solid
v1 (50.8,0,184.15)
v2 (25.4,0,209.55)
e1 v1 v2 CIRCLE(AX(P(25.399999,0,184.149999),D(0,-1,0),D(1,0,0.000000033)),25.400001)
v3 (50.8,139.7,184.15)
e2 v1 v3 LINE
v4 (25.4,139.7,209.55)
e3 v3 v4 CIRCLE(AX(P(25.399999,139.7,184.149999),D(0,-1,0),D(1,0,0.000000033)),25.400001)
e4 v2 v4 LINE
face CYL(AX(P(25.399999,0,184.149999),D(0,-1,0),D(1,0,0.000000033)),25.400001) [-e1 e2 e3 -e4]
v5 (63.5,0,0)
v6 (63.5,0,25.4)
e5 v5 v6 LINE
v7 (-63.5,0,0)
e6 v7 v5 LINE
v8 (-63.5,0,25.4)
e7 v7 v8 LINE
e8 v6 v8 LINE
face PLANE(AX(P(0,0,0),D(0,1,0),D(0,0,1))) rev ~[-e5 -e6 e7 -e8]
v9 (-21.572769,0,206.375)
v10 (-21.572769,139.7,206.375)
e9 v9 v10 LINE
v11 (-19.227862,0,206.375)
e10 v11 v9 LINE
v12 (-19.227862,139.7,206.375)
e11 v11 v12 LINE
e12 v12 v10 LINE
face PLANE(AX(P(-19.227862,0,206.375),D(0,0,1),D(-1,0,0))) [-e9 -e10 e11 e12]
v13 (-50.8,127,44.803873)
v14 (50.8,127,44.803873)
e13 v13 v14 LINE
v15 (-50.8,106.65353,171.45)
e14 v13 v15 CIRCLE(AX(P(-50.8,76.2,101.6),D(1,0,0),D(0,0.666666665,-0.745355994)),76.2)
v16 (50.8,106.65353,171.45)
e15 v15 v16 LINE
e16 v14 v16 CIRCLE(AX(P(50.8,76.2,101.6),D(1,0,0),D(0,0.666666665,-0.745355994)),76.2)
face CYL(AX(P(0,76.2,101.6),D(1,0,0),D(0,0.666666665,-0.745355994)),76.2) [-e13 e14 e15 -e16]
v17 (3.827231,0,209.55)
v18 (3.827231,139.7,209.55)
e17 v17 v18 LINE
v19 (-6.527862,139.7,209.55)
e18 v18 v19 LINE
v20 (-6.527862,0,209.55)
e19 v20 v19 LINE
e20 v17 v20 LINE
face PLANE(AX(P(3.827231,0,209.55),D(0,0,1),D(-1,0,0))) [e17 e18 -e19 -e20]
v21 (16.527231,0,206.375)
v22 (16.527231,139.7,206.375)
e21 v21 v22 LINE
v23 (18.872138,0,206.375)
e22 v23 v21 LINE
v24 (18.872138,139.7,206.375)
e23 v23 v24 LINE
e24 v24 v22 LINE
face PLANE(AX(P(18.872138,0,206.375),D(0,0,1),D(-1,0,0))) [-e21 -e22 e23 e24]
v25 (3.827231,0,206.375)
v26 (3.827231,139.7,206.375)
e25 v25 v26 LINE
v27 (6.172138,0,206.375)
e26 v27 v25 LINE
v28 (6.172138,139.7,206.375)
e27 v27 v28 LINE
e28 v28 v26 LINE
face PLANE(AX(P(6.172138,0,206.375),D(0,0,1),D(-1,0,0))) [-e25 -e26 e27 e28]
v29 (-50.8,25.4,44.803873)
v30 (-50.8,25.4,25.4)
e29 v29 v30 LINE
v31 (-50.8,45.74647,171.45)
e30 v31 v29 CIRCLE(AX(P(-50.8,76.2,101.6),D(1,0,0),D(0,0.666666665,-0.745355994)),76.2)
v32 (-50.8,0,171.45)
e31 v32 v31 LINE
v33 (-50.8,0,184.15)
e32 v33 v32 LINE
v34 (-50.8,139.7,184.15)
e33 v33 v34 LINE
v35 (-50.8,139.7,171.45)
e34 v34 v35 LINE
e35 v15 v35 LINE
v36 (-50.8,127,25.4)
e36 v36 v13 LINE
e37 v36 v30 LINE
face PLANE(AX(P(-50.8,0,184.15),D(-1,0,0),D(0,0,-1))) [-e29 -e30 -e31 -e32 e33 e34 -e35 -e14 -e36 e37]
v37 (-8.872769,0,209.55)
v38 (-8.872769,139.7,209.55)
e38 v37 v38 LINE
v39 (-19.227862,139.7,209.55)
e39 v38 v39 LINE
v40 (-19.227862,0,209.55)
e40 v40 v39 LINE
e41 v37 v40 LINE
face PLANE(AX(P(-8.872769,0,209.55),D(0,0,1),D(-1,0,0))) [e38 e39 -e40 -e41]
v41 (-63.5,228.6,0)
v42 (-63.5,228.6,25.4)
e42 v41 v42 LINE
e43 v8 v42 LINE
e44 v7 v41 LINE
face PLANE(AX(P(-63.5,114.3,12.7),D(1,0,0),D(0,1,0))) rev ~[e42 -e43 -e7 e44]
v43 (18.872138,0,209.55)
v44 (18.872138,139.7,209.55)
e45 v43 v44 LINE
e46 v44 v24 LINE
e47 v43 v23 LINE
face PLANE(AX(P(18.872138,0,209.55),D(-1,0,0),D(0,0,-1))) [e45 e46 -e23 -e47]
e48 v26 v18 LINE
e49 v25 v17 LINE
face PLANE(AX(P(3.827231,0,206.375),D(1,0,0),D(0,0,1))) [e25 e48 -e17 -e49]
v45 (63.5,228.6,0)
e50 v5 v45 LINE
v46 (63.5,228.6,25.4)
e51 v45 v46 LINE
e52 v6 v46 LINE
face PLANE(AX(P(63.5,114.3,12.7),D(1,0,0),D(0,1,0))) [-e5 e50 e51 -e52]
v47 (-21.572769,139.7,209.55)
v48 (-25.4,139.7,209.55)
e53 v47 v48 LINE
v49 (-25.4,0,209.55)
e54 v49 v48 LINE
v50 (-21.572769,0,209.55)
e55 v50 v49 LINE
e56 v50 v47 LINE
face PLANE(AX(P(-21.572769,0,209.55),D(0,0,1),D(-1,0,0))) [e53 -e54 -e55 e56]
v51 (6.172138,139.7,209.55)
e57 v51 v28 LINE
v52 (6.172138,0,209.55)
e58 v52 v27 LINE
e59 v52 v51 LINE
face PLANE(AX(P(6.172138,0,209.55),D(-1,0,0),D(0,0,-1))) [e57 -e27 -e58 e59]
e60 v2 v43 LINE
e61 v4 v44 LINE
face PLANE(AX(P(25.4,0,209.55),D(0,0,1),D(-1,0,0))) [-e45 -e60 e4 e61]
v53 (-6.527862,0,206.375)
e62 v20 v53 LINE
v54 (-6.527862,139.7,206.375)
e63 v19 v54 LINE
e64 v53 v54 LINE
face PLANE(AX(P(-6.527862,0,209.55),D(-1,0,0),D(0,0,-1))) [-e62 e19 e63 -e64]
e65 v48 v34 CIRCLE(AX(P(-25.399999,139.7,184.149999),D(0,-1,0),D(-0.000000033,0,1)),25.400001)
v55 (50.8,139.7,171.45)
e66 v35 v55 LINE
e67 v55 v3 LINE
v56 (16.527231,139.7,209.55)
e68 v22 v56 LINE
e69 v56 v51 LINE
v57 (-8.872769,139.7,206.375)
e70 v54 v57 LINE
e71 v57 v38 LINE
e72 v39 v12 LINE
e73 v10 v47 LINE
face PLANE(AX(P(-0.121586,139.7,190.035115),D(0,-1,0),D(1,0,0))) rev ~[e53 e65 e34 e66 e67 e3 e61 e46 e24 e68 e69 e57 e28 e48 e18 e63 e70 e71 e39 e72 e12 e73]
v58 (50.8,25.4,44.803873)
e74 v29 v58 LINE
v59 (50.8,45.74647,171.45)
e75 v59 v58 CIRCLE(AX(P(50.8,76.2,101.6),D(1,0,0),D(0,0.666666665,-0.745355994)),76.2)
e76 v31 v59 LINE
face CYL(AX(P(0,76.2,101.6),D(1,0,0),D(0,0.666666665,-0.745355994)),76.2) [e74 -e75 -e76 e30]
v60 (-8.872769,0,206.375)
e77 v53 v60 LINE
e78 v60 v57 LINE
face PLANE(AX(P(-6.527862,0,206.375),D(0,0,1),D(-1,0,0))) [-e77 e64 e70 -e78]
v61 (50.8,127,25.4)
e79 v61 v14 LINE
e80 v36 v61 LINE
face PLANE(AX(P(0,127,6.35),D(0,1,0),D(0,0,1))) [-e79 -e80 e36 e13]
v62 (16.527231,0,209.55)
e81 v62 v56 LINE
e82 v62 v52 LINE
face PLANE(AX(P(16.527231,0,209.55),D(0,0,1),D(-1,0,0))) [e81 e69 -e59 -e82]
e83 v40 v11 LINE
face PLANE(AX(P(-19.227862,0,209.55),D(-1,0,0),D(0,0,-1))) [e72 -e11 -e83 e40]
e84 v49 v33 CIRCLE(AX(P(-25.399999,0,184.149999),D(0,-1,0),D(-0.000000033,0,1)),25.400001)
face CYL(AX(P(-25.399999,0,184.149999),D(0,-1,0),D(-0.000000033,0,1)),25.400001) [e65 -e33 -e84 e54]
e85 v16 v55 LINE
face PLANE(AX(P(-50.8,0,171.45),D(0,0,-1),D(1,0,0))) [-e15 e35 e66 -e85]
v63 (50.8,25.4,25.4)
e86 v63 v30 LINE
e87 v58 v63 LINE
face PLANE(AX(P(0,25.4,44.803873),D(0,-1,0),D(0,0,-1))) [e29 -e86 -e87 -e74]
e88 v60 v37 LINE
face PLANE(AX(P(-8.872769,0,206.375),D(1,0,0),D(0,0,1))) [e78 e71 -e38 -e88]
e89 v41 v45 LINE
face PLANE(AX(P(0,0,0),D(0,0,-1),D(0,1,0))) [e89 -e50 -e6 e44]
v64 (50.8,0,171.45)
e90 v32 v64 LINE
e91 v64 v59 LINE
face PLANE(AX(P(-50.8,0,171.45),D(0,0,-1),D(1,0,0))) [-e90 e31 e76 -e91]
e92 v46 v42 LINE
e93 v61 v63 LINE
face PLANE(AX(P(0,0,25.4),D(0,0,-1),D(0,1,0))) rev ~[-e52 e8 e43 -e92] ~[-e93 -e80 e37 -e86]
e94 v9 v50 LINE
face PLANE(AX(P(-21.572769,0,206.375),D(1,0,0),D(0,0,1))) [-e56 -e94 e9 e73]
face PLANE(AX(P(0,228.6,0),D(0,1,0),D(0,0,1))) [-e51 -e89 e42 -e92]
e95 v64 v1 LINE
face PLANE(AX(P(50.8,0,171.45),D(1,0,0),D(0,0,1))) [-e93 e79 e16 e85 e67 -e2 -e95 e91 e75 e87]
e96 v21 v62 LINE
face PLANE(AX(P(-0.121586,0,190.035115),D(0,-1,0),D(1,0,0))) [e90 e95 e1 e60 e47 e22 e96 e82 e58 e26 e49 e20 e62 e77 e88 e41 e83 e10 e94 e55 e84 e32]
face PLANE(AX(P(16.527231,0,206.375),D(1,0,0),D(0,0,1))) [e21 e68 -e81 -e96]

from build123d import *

# Parameters (mm, degrees)
F0_W     = 228.6
F0_H     = 25.4
F1_DEPTH = 63.5
F3_DEPTH = 50.8
F5_DEPTH = 139.7


with BuildPart() as f1:
    # F0 (on Right) → F1 (new body, symmetric)
    with BuildSketch(Plane.YZ):
        with Locations((114.3, 12.7)):
            Rectangle(F0_W, F0_H)
    extrude(amount=F1_DEPTH, both=True)

    # F2 (on Right) → F3 (join, symmetric)
    with BuildSketch(Plane.YZ):
        with BuildLine():
            Line((127, 6.35), (127, 44.803873))
            ThreePointArc((127, 44.803873), (76.2, 177.8), (25.4, 44.803873))
            Line((25.4, 44.803873), (25.4, 6.35))
            Line((25.4, 6.35), (127, 6.35))
        make_face()
    extrude(amount=F3_DEPTH, both=True)

    # F4 (on Front) → F5 (join)
    with BuildSketch(Plane.XZ):
        with BuildLine():
            Line((-50.8, 184.15), (-50.8, 171.45))
            Line((-50.8, 171.45), (50.8, 171.45))
            Line((50.8, 171.45), (50.8, 184.15))
            ThreePointArc((50.8, 184.15), (43.360512, 202.110512), (25.4, 209.55))
            Line((25.4, 209.55), (18.872138, 209.55))
            Line((18.872138, 209.55), (18.872138, 206.375))
            Line((18.872138, 206.375), (16.527231, 206.375))
            Line((16.527231, 206.375), (16.527231, 209.55))
            Line((16.527231, 209.55), (6.172138, 209.55))
            Line((6.172138, 209.55), (6.172138, 206.375))
            Line((6.172138, 206.375), (3.827231, 206.375))
            Line((3.827231, 206.375), (3.827231, 209.55))
            Line((3.827231, 209.55), (-6.527862, 209.55))
            Line((-6.527862, 209.55), (-6.527862, 206.375))
            Line((-6.527862, 206.375), (-8.872769, 206.375))
            Line((-8.872769, 206.375), (-8.872769, 209.55))
            Line((-8.872769, 209.55), (-19.227862, 209.55))
            Line((-19.227862, 209.55), (-19.227862, 206.375))
            Line((-19.227862, 206.375), (-21.572769, 206.375))
            Line((-21.572769, 206.375), (-21.572769, 209.55))
            Line((-21.572769, 209.55), (-25.4, 209.55))
            ThreePointArc((-25.4, 209.55), (-43.360512, 202.110512), (-50.8, 184.15))
        make_face()
    extrude(amount=-F5_DEPTH)


solid = f1.part
